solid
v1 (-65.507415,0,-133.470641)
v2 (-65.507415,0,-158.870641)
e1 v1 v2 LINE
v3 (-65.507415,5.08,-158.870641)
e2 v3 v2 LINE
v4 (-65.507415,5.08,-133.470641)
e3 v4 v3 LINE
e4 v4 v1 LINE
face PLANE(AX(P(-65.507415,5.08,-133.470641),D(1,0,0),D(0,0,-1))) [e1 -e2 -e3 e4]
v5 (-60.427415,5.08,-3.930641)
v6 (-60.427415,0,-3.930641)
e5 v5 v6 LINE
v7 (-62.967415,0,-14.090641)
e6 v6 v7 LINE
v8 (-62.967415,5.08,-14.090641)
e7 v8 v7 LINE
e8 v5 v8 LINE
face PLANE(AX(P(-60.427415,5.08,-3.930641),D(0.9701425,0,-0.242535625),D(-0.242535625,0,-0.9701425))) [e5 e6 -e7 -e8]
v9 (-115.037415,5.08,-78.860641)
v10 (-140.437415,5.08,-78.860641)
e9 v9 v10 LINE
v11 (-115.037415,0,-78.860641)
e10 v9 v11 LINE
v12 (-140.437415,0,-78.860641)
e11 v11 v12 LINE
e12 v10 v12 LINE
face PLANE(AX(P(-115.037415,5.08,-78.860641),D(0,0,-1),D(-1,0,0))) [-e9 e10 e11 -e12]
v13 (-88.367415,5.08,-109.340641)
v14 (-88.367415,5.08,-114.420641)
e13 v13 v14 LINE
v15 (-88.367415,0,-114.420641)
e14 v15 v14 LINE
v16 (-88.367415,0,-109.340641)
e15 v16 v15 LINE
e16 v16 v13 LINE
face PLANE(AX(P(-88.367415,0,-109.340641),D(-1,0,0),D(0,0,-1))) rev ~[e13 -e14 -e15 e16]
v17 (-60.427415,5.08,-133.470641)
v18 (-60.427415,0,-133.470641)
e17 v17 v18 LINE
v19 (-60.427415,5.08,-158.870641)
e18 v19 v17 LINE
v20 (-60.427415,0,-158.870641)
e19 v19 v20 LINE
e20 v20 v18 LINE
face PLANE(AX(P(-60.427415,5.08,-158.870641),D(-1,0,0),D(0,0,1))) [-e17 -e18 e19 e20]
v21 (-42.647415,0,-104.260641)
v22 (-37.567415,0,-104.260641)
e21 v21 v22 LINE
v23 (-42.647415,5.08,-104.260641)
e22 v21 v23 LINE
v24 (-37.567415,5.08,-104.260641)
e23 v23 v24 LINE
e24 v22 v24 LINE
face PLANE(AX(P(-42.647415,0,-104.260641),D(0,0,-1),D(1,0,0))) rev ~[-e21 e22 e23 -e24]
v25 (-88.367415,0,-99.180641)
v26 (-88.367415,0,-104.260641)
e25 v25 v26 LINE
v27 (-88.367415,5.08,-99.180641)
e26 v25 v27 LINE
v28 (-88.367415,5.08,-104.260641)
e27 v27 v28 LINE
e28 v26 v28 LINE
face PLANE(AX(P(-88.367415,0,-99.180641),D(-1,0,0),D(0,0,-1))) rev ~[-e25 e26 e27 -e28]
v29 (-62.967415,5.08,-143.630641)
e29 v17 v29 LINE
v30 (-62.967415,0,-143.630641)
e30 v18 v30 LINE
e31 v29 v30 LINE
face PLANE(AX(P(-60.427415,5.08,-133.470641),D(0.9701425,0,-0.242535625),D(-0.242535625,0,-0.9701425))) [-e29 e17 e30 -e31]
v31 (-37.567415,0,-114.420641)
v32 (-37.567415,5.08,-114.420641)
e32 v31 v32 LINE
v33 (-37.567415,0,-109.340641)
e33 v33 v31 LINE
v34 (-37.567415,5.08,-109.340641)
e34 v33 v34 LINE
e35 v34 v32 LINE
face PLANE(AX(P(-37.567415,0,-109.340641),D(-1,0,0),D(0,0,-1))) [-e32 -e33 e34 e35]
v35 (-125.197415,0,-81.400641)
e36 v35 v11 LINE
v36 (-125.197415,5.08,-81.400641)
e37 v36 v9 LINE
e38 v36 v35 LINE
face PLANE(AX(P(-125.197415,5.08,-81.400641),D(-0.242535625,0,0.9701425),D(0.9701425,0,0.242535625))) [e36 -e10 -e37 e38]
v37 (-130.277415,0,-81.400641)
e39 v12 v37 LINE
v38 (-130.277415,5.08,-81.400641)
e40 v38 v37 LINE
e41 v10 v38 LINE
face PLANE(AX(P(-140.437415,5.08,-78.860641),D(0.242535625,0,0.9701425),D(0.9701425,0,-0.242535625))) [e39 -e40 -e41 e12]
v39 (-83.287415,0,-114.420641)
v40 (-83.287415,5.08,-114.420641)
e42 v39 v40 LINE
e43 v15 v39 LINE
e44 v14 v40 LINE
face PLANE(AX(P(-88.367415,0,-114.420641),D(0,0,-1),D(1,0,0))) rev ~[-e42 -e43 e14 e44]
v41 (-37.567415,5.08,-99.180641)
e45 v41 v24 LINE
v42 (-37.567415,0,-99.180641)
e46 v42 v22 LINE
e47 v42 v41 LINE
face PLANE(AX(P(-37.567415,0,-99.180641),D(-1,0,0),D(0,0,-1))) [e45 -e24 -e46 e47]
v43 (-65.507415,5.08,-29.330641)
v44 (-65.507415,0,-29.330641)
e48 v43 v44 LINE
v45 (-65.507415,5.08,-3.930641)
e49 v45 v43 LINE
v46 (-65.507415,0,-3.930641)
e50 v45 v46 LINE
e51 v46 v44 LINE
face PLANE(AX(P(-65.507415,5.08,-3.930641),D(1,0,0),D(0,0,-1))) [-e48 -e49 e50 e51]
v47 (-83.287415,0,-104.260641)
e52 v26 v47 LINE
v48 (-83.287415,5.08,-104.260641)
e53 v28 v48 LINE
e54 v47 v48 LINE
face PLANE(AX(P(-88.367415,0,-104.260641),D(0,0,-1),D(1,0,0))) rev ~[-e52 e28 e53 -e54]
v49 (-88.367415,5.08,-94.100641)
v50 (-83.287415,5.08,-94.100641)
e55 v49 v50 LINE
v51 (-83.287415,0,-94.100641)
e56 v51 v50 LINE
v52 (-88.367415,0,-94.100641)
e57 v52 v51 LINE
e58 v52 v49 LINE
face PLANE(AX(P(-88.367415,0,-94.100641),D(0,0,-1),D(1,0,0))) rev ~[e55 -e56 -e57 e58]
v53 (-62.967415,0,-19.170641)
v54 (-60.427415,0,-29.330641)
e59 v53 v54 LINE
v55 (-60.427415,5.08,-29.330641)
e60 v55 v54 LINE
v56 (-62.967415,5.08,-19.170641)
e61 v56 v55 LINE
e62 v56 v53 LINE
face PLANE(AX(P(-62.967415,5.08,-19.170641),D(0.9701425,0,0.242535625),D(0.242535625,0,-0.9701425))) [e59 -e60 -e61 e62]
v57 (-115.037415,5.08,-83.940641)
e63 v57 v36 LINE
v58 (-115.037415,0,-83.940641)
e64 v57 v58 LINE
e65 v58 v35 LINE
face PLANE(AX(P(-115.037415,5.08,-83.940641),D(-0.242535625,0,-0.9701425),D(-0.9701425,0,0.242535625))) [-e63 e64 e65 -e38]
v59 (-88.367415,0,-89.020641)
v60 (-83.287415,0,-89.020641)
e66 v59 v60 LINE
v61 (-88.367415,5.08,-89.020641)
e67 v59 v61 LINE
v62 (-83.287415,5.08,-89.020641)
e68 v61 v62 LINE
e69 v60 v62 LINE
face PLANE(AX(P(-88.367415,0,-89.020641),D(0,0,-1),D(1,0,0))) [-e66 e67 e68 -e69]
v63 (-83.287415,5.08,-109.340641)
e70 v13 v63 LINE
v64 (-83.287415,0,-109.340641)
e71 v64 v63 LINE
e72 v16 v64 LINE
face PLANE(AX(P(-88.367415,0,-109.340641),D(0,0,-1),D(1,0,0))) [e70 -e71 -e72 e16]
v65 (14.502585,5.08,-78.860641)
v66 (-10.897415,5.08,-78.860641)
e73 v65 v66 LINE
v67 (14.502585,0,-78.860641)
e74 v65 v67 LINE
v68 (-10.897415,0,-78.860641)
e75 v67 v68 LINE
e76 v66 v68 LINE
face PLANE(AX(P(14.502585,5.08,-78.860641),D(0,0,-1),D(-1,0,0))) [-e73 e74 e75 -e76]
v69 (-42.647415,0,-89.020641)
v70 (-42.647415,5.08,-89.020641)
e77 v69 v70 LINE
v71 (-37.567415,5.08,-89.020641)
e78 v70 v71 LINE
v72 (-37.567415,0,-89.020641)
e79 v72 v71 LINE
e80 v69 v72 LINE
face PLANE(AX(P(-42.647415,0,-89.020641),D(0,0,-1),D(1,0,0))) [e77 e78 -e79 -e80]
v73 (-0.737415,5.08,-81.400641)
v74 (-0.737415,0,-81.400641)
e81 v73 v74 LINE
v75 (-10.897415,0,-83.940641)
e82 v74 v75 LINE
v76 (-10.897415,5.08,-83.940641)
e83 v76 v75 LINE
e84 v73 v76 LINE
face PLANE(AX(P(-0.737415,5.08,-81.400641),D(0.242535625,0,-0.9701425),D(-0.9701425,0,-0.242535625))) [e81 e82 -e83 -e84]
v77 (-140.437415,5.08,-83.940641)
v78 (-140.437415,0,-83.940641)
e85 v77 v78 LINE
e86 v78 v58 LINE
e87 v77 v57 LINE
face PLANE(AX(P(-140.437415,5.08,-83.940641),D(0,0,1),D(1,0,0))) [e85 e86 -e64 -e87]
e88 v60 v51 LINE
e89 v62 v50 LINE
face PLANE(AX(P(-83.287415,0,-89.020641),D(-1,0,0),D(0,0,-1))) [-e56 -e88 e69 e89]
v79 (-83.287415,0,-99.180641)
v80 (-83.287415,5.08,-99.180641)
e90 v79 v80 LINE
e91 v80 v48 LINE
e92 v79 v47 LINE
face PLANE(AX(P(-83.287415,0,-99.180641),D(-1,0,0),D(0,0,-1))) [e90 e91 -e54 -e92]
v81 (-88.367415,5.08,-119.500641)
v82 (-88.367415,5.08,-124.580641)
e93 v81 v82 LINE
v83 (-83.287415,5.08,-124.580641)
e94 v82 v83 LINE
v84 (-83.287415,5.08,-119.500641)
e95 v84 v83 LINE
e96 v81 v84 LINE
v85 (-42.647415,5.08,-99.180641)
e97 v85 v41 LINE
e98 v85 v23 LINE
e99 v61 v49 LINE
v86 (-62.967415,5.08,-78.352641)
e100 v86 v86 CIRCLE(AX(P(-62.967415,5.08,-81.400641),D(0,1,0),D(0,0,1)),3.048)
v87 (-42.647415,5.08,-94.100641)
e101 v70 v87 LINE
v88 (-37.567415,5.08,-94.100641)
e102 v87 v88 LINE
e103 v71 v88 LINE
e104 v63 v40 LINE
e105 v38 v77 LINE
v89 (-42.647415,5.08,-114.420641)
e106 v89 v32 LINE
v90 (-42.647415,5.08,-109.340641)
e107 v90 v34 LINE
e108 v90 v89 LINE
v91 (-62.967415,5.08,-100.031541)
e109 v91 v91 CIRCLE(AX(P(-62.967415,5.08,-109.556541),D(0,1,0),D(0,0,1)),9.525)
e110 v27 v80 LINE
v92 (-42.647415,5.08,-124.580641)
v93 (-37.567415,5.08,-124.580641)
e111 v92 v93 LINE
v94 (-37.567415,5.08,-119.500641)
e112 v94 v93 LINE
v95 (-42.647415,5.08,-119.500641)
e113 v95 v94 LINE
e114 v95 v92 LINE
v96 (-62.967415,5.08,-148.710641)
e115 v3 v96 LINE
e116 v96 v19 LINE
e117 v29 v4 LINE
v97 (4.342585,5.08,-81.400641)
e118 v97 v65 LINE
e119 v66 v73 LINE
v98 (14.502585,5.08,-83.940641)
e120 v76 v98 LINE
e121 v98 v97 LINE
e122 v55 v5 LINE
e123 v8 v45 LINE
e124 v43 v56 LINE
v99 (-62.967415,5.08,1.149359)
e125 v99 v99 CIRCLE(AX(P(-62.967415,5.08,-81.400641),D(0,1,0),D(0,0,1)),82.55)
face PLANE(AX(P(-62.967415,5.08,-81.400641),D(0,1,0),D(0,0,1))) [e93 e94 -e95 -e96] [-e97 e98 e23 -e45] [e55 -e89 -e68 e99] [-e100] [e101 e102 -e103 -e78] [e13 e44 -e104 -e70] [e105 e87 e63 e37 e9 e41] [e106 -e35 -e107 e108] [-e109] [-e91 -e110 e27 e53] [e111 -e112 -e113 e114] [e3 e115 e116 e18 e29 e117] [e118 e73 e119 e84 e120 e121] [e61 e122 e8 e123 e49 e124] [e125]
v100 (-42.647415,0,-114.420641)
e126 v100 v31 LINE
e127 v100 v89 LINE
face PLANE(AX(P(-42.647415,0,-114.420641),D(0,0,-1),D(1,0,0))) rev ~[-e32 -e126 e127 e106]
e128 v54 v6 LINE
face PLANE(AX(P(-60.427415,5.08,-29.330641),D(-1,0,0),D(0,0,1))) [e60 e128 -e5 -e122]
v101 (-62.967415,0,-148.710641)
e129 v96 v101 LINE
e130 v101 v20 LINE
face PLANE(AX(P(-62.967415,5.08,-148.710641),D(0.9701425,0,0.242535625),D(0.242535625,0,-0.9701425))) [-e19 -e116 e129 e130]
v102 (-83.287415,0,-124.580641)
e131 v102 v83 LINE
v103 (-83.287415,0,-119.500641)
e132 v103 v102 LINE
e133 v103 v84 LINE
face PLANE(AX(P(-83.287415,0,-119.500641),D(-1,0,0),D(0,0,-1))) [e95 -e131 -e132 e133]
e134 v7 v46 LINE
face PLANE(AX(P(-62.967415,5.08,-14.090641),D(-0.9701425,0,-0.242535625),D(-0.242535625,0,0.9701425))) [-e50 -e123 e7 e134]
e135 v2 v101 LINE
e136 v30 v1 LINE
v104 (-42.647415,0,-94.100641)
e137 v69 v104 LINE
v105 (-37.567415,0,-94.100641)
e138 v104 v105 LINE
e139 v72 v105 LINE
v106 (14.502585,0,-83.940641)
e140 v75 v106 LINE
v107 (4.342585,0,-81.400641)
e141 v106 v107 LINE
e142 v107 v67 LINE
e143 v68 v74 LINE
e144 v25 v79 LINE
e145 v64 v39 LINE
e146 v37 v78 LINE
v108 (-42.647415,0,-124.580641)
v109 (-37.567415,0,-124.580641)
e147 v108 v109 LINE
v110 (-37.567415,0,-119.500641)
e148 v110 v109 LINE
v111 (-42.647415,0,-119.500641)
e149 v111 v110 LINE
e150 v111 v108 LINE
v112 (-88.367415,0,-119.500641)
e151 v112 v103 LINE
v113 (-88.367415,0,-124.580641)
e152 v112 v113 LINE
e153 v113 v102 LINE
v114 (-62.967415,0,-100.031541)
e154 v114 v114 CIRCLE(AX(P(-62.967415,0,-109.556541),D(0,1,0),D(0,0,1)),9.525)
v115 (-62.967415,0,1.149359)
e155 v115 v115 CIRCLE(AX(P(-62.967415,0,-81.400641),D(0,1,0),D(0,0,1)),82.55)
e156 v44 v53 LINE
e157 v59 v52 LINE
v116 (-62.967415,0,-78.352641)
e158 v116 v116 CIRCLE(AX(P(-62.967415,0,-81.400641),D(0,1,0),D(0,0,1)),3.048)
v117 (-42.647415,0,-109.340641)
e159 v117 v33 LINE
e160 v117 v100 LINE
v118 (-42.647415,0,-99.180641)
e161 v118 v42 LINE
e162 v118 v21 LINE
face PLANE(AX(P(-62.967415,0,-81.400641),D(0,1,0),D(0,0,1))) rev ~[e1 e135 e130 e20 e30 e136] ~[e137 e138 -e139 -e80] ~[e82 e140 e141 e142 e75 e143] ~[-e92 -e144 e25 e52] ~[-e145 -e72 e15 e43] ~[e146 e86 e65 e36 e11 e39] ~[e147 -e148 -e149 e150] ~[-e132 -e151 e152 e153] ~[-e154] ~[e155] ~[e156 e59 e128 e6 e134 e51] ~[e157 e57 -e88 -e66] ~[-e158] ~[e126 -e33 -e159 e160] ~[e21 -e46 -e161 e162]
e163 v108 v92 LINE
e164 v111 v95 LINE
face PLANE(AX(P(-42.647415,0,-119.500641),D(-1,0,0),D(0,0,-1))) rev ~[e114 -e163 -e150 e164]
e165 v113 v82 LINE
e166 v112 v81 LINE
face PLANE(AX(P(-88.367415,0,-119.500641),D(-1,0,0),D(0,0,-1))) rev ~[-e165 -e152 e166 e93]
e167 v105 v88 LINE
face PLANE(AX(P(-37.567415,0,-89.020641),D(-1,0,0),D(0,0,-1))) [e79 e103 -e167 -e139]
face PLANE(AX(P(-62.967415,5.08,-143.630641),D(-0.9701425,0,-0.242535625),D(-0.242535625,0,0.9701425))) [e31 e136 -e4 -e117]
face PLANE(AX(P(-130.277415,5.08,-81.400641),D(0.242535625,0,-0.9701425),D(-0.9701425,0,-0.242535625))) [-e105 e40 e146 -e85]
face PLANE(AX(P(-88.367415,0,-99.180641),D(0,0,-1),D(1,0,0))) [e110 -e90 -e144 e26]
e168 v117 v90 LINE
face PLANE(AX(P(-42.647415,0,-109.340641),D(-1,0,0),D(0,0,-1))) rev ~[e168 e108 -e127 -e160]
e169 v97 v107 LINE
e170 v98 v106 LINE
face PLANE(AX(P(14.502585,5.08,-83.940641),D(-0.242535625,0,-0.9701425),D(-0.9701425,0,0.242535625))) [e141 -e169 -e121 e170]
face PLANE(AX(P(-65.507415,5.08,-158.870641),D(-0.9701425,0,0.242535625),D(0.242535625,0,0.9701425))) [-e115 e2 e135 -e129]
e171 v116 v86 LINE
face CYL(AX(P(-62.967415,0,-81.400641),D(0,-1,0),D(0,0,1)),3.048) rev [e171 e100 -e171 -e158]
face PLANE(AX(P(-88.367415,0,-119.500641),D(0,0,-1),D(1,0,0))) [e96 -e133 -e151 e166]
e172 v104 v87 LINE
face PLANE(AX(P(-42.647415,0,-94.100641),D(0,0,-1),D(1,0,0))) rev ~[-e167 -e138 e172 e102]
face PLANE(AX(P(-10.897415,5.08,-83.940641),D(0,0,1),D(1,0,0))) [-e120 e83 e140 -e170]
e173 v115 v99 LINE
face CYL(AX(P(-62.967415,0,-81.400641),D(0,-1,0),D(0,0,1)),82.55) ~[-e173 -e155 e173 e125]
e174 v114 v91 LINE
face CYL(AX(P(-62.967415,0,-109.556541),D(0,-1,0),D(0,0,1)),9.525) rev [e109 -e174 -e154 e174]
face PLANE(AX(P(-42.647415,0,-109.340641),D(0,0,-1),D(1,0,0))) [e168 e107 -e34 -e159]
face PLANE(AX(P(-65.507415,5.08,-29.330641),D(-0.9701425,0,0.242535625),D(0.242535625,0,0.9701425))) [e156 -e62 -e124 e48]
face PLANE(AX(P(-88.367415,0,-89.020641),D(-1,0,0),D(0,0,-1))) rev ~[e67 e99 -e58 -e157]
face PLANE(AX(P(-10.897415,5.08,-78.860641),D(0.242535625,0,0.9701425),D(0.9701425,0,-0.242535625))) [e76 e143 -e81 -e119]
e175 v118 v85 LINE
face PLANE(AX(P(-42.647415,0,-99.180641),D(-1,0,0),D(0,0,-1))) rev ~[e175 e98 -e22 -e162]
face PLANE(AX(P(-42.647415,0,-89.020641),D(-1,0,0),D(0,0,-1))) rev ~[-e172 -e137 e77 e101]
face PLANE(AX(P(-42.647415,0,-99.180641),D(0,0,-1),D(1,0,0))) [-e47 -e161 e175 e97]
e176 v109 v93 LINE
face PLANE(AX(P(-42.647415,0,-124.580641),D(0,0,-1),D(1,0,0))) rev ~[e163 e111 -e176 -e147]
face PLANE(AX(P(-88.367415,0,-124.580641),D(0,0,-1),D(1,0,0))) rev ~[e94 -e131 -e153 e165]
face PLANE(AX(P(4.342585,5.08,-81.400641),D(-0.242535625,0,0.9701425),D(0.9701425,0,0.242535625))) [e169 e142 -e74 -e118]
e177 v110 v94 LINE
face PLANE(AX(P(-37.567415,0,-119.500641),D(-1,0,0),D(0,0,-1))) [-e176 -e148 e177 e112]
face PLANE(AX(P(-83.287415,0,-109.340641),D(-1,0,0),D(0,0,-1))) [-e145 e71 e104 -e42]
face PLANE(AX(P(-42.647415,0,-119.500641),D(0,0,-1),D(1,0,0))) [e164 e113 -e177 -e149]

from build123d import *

# Parameters (mm, degrees)
SKETCH1_R           = 82.55
SKETCH1_R_2         = 3.048
SKETCH1_R_3         = 9.525
SKETCH1_W           = 5.08
SKETCH1_H           = 5.08
BOSS_EXTRUDE1_DEPTH = 5.08
CUT_EXTRUDE1_DEPTH  = 5.08


with BuildPart() as part:
    # Sketch1 → Boss-Extrude1 (new body)
    with BuildSketch(Plane(origin=(0, 0, 0), x_dir=(1, 0, 0), z_dir=(0, 1, 0))):
        with Locations(Location((-62.967414891, 81.40064069, 0), (0, 0, 270))):
            Circle(SKETCH1_R)
        with Locations(Location((-62.967414891, 81.40064069, 0), (0, 0, 270))):
            Circle(SKETCH1_R_2, mode=Mode.SUBTRACT)
        with Locations(Location((-62.967414891, 109.55654069, 0), (0, 0, 270))):
            Circle(SKETCH1_R_3, mode=Mode.SUBTRACT)
        with Locations((-85.827414891, 111.88064069)):
            Rectangle(SKETCH1_W, SKETCH1_H, mode=Mode.SUBTRACT)
        with Locations((-85.827414891, 91.56064069)):
            Rectangle(SKETCH1_W, SKETCH1_H, mode=Mode.SUBTRACT)
        with Locations((-85.827414891, 101.72064069)):
            Rectangle(SKETCH1_W, SKETCH1_H, mode=Mode.SUBTRACT)
        with Locations((-85.827414891, 122.04064069)):
            Rectangle(SKETCH1_W, SKETCH1_H, mode=Mode.SUBTRACT)
        with Locations((-40.107414891, 122.04064069)):
            Rectangle(SKETCH1_W, SKETCH1_H, mode=Mode.SUBTRACT)
        with Locations((-40.107414891, 111.88064069)):
            Rectangle(SKETCH1_W, SKETCH1_H, mode=Mode.SUBTRACT)
        with Locations((-40.107414891, 101.72064069)):
            Rectangle(SKETCH1_W, SKETCH1_H, mode=Mode.SUBTRACT)
        with Locations((-40.107414891, 91.56064069)):
            Rectangle(SKETCH1_W, SKETCH1_H, mode=Mode.SUBTRACT)
    extrude(amount=BOSS_EXTRUDE1_DEPTH)

    # Sketch2 → Cut-Extrude1 (cut)
    with BuildSketch(Plane(origin=(0, 5.08, 0), x_dir=(1, 0, 0), z_dir=(0, 1, 0))):
        Polygon((-62.967414891, 148.71064069), (-60.427414891, 158.87064069), (-60.427414891, 133.47064069), (-62.967414891, 143.63064069), (-65.507414891, 133.47064069), (-65.507414891, 158.87064069), align=None)
        Polygon((4.342585109, 81.40064069), (14.502585109, 78.86064069), (-10.897414891, 78.86064069), (-0.737414891, 81.40064069), (-10.897414891, 83.94064069), (14.502585109, 83.94064069), align=None)
        Polygon((-62.967414891, 14.09064069), (-65.507414891, 3.93064069), (-65.507414891, 29.33064069), (-62.967414891, 19.17064069), (-60.427414891, 29.33064069), (-60.427414891, 3.93064069), align=None)
        Polygon((-130.277414891, 81.40064069), (-140.437414891, 83.94064069), (-115.037414891, 83.94064069), (-125.197414891, 81.40064069), (-115.037414891, 78.86064069), (-140.437414891, 78.86064069), align=None)
    extrude(amount=-CUT_EXTRUDE1_DEPTH, mode=Mode.SUBTRACT)


solid = part.part
